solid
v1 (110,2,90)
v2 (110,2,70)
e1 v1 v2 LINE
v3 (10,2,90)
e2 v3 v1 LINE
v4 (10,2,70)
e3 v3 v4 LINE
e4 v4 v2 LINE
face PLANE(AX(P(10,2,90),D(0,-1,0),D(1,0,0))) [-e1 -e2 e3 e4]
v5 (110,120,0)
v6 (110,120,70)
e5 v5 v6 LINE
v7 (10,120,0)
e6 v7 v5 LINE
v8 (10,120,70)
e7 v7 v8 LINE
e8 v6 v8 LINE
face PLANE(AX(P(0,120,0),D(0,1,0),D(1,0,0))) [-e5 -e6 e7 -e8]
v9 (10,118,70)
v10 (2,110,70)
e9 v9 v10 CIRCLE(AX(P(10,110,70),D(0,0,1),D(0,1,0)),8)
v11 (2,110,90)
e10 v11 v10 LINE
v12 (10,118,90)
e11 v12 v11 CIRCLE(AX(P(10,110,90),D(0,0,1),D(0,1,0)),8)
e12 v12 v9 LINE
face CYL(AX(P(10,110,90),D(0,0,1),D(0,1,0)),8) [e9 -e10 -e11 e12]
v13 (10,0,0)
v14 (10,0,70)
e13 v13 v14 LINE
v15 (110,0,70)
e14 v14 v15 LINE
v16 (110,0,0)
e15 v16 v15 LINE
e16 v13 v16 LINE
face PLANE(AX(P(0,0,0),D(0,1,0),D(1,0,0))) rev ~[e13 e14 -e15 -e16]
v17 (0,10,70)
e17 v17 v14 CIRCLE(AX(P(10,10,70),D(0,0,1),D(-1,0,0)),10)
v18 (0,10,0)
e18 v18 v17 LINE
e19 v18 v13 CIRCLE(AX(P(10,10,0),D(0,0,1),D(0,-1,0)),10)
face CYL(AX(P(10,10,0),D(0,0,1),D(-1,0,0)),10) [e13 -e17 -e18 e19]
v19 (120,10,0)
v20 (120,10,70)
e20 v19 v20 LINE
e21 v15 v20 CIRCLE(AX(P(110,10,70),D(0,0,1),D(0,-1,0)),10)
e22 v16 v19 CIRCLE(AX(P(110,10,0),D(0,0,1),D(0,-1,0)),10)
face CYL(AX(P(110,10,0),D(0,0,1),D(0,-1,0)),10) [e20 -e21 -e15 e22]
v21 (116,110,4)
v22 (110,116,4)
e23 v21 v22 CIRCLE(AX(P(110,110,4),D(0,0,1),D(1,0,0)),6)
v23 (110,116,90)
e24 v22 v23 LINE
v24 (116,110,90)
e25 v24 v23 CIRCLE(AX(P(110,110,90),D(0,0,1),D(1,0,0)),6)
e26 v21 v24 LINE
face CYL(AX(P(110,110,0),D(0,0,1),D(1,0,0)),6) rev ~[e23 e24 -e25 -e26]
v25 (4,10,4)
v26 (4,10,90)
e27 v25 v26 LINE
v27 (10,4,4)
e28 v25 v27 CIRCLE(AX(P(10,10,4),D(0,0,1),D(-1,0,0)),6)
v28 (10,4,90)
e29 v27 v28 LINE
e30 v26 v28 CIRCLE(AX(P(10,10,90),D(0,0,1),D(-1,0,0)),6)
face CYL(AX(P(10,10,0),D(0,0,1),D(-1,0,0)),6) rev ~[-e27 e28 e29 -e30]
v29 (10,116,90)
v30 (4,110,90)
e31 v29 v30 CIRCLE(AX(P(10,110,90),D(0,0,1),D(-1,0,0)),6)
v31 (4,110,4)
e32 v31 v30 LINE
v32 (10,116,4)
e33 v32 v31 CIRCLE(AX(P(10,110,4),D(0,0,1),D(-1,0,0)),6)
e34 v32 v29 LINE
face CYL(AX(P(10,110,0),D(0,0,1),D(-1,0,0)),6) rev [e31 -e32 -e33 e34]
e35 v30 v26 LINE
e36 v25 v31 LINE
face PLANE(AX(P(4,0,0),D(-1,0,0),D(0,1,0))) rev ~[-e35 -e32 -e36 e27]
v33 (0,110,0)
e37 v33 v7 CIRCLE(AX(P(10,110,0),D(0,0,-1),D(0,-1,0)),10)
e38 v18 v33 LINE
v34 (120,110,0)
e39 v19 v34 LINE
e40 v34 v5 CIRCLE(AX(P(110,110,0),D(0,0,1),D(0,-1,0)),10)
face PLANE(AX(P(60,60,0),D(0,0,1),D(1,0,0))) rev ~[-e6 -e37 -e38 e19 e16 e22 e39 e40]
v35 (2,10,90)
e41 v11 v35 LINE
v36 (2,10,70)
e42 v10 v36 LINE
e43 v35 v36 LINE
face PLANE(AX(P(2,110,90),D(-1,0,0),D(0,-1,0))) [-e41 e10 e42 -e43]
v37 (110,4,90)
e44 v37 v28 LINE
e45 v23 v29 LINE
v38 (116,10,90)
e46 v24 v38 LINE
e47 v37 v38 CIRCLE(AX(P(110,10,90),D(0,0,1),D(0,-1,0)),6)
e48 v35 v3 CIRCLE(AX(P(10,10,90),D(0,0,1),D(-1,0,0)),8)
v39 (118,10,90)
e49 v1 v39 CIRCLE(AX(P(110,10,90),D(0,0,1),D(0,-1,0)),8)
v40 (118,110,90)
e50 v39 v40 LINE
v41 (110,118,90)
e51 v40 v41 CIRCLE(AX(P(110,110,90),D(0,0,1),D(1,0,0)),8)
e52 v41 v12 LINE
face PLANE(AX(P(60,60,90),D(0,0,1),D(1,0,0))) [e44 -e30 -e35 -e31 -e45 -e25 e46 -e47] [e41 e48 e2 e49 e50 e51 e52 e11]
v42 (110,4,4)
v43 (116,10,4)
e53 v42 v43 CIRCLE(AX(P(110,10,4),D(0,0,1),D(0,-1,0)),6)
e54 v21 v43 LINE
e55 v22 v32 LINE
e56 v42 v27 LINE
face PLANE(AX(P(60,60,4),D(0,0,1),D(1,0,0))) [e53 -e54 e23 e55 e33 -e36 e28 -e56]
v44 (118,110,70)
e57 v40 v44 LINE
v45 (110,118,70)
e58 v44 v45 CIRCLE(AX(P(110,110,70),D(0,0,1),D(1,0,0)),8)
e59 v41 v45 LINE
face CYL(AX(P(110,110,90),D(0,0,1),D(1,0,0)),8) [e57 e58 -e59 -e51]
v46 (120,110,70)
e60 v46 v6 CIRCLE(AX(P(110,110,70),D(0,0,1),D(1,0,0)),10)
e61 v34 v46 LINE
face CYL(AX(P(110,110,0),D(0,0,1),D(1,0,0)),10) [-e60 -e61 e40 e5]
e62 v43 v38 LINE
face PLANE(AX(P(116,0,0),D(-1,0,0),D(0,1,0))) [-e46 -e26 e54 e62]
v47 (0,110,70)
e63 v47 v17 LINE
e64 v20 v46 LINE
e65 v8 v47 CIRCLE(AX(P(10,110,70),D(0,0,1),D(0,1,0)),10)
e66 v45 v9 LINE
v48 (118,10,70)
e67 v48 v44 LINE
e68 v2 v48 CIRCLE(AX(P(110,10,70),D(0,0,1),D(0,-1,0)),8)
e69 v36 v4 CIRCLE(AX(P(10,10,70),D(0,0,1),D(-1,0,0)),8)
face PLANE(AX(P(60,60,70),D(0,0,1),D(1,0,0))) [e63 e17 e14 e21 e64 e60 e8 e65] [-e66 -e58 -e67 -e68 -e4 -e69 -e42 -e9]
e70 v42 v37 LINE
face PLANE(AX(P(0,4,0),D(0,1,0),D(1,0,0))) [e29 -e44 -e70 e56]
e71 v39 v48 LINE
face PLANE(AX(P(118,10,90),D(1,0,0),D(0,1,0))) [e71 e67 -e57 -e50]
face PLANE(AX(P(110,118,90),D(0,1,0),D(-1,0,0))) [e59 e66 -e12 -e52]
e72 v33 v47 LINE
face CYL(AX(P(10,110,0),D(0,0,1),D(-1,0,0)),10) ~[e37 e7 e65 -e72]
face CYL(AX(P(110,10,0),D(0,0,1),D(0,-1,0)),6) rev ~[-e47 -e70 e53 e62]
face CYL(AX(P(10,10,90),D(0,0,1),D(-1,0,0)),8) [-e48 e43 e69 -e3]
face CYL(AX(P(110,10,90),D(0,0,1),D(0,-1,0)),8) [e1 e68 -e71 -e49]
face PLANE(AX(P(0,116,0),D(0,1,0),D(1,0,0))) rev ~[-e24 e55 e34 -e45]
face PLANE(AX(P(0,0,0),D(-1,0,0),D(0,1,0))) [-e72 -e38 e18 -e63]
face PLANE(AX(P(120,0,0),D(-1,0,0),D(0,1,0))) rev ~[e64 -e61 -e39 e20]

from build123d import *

# Parameters (mm, degrees)
SKETCH1_W           = 120
SKETCH1_H           = 120
BOSS_EXTRUDE1_DEPTH = 90
FILLET1_R           = 10
SHELL1_T            = -4
CUT_EXTRUDE3_DEPTH  = 20


with BuildPart() as part:
    # Sketch1 → Boss-Extrude1 (new body)
    with BuildSketch(Plane.XY):
        with Locations((60, 60)):
            Rectangle(SKETCH1_W, SKETCH1_H)
    extrude(amount=BOSS_EXTRUDE1_DEPTH)

    # Fillet1
    fillet1_edges = [part.edges().sort_by_distance(p)[0] for p in [
        (0, 120, 45),
        (120, 120, 45),
        (120, 0, 45),
        (0, 0, 45),
    ]]
    fillet(fillet1_edges, radius=FILLET1_R)

    # Shell1
    shell1_openings = [part.faces().sort_by_distance(p)[0] for p in [
        (60, 60, 90),
    ]]
    offset(amount=SHELL1_T, openings=shell1_openings, kind=Kind.INTERSECTION)

    # Sketch7 → Cut-Extrude3 (cut)
    with BuildSketch(Plane.XY.offset(90)):
        with BuildLine():
            Line((10, 0), (110, 0))
            ThreePointArc((110, 0), (117.071067812, 2.928932188), (120, 10))
            Line((120, 10), (120, 110))
            ThreePointArc((120, 110), (117.071067812, 117.071067812), (110, 120))
            Line((110, 120), (10, 120))
            ThreePointArc((10, 120), (2.928932188, 117.071067812), (0, 110))
            Line((0, 110), (0, 10))
            ThreePointArc((0, 10), (2.928932188, 2.928932188), (10, 0))
        make_face()
        with BuildLine():
            Line((10, 2), (110, 2))
            ThreePointArc((110, 2), (115.656854249, 4.343145751), (118, 10))
            Line((118, 10), (118, 110))
            ThreePointArc((118, 110), (115.656854249, 115.656854249), (110, 118))
            Line((110, 118), (10, 118))
            ThreePointArc((10, 118), (4.343145751, 115.656854249), (2, 110))
            Line((2, 110), (2, 10))
            ThreePointArc((2, 10), (4.343145751, 4.343145751), (10, 2))
        make_face(mode=Mode.SUBTRACT)
    extrude(amount=-CUT_EXTRUDE3_DEPTH, mode=Mode.SUBTRACT)


solid = part.part
